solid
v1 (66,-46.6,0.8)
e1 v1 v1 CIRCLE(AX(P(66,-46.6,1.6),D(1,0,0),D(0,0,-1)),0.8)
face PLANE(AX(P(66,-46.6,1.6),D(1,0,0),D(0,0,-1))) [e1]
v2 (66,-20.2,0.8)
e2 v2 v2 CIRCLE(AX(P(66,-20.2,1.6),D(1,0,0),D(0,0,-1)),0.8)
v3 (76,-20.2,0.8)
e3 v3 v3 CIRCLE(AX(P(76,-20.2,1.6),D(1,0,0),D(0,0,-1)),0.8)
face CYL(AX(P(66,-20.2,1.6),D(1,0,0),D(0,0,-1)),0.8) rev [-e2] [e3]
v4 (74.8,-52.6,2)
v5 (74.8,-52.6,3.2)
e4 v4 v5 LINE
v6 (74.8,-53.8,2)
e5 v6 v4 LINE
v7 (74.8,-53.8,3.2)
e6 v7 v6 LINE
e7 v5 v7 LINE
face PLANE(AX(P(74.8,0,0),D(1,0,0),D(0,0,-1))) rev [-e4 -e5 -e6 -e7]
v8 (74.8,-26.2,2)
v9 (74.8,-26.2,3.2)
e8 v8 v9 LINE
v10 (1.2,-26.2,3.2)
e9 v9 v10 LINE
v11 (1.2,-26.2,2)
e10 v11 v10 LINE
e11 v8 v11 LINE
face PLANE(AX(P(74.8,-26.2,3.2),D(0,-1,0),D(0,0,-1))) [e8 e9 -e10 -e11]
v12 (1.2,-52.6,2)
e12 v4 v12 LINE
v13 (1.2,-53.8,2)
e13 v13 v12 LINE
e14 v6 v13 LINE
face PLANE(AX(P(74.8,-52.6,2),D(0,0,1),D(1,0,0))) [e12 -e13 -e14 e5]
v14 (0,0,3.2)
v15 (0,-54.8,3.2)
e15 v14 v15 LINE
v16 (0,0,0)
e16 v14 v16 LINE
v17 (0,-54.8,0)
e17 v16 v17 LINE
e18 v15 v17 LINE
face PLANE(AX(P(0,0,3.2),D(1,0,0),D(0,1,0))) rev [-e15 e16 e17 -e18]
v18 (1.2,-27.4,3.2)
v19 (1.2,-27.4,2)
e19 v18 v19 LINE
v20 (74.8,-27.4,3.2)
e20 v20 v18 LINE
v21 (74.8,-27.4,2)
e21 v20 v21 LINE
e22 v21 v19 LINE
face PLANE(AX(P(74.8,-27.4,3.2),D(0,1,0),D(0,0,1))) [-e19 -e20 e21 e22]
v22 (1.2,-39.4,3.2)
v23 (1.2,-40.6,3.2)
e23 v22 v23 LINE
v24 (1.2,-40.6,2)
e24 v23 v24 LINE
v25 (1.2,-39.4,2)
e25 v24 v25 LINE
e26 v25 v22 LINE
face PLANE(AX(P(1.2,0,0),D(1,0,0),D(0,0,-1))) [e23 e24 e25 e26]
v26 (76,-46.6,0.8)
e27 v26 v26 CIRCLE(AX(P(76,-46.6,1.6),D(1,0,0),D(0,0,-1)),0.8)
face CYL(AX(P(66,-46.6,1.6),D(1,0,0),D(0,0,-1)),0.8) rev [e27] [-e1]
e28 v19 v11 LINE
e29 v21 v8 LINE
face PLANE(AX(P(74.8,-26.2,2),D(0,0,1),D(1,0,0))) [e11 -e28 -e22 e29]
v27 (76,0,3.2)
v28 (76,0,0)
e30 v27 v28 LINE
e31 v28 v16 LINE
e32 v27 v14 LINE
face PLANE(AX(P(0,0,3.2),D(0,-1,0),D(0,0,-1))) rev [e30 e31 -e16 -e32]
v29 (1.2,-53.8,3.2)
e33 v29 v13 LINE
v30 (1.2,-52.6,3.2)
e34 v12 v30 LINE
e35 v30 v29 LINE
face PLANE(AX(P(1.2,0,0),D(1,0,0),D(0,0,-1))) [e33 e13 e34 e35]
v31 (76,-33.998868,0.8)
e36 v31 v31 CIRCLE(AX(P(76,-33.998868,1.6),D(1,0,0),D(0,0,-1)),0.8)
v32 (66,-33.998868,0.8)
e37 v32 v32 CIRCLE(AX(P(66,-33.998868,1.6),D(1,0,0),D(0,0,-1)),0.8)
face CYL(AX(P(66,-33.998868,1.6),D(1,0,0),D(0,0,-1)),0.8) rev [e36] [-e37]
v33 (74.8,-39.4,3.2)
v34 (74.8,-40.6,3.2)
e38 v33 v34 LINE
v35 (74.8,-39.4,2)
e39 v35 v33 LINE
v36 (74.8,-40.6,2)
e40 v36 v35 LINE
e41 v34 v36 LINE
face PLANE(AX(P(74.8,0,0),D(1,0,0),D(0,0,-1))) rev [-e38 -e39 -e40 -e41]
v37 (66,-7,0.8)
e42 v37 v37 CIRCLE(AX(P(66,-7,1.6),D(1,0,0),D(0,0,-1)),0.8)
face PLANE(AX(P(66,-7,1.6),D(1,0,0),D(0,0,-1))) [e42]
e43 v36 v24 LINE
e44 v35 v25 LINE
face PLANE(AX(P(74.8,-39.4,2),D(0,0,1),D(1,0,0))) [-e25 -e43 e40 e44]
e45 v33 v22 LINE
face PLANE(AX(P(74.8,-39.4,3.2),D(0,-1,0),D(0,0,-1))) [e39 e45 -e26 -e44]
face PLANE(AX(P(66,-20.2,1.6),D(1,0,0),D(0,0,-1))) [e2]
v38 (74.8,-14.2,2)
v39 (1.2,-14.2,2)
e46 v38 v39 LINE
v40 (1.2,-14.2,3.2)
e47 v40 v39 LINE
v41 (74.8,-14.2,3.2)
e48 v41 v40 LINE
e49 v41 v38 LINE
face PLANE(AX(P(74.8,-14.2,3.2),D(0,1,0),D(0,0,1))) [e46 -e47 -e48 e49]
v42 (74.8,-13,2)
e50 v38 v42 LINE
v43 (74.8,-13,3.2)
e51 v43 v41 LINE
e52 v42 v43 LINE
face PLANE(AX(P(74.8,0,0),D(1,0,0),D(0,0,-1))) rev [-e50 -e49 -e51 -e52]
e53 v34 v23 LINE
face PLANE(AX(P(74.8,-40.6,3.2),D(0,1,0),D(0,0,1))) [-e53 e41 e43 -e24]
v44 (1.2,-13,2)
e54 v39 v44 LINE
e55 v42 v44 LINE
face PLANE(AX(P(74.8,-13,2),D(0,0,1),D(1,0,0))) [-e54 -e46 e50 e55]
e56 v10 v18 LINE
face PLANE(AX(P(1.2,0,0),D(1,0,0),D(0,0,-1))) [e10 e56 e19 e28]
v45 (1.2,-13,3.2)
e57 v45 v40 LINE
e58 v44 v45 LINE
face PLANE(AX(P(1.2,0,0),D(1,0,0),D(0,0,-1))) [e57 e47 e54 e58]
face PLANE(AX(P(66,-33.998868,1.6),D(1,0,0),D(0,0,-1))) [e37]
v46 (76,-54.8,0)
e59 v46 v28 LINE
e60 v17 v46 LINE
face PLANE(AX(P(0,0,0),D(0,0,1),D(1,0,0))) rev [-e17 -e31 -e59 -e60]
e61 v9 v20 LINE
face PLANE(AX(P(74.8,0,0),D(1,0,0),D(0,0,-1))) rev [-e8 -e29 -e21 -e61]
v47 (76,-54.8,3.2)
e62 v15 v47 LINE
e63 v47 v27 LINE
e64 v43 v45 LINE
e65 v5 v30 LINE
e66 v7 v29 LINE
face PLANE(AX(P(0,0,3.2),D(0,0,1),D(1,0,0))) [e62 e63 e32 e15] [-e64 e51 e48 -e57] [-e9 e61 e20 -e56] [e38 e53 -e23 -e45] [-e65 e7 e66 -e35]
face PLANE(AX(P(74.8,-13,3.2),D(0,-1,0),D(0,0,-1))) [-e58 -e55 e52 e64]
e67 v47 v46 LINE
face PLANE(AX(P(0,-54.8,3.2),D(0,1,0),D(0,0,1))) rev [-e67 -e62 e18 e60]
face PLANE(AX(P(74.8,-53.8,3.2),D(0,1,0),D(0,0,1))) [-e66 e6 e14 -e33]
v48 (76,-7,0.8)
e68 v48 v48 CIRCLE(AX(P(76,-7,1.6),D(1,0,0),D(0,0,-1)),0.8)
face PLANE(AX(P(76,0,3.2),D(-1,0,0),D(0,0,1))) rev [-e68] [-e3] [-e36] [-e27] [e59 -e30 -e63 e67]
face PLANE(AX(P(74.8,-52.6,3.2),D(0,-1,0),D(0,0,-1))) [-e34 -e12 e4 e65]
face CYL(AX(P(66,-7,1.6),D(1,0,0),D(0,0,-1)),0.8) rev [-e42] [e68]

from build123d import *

# Parameters (mm, degrees)
SKETCH1_W           = 76
SKETCH1_H           = 54.8
BOSS_EXTRUDE1_DEPTH = 3.2
CUT_EXTRUDE1_START  = 1.2
SKETCH2_W           = 1.2
SKETCH2_H           = 1.2
CUT_EXTRUDE1_DEPTH  = 73.6
CUT_EXTRUDE2_START  = 76
SKETCH3_R           = 0.8
CUT_EXTRUDE2_DEPTH  = 10


with BuildPart() as part:
    # Sketch1 → Boss-Extrude1 (new body)
    with BuildSketch(Plane.XY):
        with Locations((38, -27.4)):
            Rectangle(SKETCH1_W, SKETCH1_H)
    extrude(amount=BOSS_EXTRUDE1_DEPTH)

    # Sketch2 → Cut-Extrude1 (cut)
    with BuildSketch(Plane(origin=(0, 0, 0), x_dir=(0, 0, -1), z_dir=(1, 0, 0)).offset(CUT_EXTRUDE1_START)):
        with Locations((-2.6, -13.6)):
            Rectangle(SKETCH2_W, SKETCH2_H)
        with Locations((-2.6, -26.8)):
            Rectangle(SKETCH2_W, SKETCH2_H)
        with Locations((-2.6, -40)):
            Rectangle(SKETCH2_W, SKETCH2_H)
        with Locations((-2.6, -53.2)):
            Rectangle(SKETCH2_W, SKETCH2_H)
    extrude(amount=CUT_EXTRUDE1_DEPTH, mode=Mode.SUBTRACT)

    # Sketch3 → Cut-Extrude2 (cut)
    with BuildSketch(Plane(origin=(0, 0, 0), x_dir=(0, 0, -1), z_dir=(1, 0, 0)).offset(CUT_EXTRUDE2_START)):
        with Locations((-1.6, -7)):
            Circle(SKETCH3_R)
        with Locations((-1.6, -20.2)):
            Circle(SKETCH3_R)
        with Locations((-1.6, -33.998867877)):
            Circle(SKETCH3_R)
        with Locations((-1.6, -46.6)):
            Circle(SKETCH3_R)
    extrude(amount=-CUT_EXTRUDE2_DEPTH, mode=Mode.SUBTRACT)


solid = part.part
